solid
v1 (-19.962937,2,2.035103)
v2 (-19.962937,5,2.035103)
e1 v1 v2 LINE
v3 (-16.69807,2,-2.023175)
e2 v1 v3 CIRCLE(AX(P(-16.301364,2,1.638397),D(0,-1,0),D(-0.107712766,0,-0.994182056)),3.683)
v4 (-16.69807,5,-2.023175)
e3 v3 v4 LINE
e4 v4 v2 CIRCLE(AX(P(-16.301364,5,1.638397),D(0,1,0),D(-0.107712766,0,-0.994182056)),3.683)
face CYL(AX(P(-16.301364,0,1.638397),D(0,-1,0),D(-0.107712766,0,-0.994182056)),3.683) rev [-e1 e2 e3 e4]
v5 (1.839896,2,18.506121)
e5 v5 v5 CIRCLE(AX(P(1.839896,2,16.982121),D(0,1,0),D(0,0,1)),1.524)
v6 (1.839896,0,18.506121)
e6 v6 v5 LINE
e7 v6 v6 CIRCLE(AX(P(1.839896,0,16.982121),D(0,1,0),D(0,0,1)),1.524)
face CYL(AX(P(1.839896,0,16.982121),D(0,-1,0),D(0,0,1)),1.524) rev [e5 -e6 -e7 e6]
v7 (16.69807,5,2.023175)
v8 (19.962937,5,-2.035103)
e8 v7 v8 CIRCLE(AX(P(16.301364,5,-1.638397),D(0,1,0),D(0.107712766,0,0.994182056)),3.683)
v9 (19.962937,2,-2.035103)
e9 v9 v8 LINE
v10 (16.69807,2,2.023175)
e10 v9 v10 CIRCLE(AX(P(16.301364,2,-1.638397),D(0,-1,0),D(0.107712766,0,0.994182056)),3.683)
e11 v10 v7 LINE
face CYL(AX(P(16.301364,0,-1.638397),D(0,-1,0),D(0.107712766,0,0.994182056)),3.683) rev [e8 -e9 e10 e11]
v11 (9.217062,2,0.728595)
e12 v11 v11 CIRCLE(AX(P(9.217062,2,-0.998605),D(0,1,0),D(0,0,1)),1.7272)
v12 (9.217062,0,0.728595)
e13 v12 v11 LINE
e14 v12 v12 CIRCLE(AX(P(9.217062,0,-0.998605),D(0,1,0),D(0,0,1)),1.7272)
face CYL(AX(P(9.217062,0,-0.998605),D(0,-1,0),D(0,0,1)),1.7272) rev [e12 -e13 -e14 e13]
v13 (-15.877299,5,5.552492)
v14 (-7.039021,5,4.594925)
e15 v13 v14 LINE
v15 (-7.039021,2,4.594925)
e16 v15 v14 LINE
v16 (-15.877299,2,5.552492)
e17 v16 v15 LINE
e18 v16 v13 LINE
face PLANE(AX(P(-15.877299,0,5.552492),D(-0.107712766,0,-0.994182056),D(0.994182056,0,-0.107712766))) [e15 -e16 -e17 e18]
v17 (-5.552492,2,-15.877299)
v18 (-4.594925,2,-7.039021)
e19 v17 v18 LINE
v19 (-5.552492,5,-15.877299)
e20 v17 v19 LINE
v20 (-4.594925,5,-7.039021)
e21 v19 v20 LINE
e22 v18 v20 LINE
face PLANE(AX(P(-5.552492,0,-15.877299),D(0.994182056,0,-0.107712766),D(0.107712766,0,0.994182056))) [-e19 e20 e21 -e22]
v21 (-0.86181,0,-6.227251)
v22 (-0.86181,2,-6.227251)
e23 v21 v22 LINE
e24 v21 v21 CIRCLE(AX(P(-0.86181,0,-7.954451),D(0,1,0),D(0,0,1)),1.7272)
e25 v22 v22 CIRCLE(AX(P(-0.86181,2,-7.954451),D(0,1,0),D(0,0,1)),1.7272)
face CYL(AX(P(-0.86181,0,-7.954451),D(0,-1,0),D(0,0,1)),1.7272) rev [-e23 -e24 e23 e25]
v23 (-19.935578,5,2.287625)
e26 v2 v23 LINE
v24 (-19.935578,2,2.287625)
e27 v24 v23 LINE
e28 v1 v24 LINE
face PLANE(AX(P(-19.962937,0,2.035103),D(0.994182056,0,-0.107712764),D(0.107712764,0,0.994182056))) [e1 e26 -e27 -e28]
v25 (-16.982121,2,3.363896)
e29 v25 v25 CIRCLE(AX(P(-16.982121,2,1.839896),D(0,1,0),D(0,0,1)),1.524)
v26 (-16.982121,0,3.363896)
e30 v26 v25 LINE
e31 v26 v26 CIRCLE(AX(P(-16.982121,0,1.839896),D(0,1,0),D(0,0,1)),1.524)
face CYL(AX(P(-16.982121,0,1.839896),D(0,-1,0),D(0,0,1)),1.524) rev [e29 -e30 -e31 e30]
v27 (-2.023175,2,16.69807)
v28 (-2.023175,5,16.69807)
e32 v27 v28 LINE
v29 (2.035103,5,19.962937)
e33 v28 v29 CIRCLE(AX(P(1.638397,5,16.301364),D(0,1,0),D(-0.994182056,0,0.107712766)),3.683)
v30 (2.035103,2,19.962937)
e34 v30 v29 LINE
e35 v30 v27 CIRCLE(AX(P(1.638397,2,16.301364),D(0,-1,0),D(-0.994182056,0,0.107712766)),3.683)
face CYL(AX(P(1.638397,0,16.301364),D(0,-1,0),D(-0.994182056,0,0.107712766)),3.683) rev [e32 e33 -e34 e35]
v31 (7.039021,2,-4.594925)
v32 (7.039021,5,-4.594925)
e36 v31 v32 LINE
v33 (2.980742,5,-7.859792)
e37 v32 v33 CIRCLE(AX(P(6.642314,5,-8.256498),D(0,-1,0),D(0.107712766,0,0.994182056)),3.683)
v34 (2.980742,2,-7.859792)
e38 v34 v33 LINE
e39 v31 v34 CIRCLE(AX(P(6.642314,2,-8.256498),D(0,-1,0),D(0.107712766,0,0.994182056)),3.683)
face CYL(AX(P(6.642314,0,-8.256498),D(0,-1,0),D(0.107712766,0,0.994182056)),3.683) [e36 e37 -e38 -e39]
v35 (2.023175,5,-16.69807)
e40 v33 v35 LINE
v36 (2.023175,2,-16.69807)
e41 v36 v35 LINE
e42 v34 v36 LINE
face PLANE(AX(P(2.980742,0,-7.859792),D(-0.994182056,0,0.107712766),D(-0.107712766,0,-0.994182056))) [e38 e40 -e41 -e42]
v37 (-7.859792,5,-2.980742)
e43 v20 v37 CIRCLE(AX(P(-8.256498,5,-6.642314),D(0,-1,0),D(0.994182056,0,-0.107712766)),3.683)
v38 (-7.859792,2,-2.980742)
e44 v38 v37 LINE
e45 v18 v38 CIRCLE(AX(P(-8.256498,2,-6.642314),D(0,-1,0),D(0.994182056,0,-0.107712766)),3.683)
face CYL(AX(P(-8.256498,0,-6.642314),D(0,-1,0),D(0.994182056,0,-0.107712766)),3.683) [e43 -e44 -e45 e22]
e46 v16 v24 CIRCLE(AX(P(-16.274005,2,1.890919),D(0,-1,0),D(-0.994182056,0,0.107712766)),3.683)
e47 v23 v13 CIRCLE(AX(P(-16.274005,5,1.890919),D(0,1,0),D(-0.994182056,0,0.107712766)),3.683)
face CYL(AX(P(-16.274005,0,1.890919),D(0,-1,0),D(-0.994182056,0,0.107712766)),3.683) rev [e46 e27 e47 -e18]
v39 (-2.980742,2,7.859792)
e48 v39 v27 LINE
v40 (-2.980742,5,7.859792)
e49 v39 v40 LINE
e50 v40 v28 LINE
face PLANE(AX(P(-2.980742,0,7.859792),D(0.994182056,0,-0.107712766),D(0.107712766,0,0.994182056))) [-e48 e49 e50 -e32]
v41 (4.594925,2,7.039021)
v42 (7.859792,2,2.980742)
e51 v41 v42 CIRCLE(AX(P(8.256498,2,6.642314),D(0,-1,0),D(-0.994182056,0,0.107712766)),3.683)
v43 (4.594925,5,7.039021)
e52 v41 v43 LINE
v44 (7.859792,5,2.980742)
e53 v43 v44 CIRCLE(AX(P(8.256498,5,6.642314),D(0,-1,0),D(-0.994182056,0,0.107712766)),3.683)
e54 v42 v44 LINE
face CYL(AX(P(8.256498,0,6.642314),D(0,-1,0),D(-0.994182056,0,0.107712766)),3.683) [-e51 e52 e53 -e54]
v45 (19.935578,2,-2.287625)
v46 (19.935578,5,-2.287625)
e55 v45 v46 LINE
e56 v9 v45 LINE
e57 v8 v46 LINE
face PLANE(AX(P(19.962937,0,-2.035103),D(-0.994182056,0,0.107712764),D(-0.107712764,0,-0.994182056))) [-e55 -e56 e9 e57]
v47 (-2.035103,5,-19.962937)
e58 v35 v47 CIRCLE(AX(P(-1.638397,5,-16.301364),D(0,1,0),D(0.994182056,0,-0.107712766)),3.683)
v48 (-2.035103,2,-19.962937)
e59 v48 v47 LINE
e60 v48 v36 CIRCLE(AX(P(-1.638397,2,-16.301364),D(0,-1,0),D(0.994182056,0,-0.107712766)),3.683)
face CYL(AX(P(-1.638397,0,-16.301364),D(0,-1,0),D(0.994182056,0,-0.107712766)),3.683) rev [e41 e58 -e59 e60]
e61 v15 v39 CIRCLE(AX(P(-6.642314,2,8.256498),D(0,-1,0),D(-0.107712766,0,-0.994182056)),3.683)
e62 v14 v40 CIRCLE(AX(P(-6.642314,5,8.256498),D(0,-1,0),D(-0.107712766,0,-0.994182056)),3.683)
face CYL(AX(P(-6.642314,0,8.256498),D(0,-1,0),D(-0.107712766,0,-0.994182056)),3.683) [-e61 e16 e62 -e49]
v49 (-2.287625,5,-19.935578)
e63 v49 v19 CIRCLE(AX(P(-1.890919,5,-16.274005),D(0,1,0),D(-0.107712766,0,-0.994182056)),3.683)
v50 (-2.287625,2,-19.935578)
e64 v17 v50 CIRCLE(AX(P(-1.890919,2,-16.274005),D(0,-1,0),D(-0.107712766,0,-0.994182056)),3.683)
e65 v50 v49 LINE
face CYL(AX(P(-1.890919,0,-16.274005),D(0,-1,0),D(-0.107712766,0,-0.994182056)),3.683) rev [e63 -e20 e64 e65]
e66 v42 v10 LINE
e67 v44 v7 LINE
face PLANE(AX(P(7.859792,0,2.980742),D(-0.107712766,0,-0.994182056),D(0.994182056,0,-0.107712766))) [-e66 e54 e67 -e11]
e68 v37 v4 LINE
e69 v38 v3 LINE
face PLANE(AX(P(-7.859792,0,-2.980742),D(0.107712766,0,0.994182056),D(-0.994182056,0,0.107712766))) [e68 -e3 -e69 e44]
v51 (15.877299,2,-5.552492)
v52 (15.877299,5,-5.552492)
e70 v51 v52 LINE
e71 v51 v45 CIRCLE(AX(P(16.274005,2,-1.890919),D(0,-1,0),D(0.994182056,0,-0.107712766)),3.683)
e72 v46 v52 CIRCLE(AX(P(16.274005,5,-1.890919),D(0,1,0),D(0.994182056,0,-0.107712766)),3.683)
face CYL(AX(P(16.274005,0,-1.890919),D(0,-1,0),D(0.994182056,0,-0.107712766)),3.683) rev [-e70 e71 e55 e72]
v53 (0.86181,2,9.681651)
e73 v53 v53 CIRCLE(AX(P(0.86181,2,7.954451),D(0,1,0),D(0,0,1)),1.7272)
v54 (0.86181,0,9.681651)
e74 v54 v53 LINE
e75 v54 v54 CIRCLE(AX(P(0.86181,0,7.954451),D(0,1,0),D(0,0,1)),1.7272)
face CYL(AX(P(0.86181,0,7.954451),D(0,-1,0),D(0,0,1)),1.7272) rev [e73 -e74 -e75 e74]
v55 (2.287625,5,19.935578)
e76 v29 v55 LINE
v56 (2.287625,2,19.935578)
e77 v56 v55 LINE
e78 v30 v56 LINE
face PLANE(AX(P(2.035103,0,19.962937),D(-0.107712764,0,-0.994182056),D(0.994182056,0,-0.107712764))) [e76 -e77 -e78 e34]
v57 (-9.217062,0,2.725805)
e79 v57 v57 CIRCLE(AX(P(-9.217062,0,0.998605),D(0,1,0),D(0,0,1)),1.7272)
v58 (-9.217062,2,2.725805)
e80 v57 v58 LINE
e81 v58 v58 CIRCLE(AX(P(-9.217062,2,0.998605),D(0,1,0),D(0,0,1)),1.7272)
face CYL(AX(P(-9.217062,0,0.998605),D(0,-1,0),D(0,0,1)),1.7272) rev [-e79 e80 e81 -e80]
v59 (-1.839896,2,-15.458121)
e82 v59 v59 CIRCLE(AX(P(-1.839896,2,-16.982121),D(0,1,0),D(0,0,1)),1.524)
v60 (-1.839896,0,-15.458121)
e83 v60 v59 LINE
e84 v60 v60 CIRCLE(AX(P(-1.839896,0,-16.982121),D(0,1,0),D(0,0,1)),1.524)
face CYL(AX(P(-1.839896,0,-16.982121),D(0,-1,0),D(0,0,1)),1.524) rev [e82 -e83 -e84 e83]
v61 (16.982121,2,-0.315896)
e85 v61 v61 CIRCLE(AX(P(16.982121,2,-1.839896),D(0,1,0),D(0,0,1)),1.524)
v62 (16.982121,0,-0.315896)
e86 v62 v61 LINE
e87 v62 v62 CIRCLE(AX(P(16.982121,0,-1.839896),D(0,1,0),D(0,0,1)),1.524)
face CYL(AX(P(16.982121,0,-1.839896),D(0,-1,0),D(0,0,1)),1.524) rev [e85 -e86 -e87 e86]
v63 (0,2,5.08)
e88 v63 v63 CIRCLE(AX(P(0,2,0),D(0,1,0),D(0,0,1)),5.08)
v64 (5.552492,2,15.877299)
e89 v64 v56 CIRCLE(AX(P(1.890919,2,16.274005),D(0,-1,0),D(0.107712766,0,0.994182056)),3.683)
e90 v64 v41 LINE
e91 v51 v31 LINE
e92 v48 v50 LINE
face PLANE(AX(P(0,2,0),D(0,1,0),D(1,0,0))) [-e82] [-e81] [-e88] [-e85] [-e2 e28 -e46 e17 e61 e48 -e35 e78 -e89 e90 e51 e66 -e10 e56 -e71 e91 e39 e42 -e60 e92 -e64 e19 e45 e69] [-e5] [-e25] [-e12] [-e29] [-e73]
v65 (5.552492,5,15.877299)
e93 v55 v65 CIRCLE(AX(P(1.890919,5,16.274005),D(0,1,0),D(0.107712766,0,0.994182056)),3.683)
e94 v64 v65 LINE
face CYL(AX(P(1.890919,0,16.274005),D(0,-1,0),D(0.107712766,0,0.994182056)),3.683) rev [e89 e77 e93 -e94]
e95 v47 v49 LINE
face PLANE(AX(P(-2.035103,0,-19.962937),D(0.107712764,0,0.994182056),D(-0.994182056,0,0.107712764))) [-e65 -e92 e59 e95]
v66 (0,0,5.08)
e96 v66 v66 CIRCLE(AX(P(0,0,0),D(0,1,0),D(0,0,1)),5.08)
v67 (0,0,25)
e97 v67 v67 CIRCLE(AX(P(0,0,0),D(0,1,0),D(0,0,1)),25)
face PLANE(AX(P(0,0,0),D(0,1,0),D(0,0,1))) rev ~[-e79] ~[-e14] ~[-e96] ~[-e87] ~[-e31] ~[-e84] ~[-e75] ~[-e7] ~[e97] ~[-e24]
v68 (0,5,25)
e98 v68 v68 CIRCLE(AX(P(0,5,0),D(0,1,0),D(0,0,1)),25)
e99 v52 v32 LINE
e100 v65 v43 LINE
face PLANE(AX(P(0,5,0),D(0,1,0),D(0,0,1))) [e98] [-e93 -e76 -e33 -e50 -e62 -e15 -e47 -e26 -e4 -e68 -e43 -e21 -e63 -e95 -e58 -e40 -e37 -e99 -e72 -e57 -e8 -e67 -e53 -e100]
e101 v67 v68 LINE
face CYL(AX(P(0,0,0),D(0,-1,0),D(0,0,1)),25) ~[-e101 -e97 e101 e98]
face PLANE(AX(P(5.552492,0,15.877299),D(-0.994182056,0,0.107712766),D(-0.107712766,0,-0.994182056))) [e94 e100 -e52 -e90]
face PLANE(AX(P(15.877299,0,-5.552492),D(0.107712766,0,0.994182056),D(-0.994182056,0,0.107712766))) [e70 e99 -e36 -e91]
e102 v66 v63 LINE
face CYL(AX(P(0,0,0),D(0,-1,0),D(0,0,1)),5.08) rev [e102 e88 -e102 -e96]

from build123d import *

# Parameters (mm, degrees)
SKETCH_1_R      = 25
EXTRUDE_1_DEPTH = 5
SKETCH_3_R      = 22.5
SKETCH_3_R_2    = 1.524
SKETCH_3_R_3    = 1.7272
SKETCH_3_R_4    = 5.08
EXTRUDE_2_DEPTH = 2


with BuildPart() as part:
    # 草圖1 → 填料-伸長1 (new body)
    with BuildSketch(Plane(origin=(0, 0, 0), x_dir=(1, 0, 0), z_dir=(0, 1, 0))):
        with Locations(Location((0, 0, 0), (0, 0, 270))):
            Circle(SKETCH_1_R)
        with BuildLine():
            Line((-19.962936653, -2.035103236), (-19.935577611, -2.287625478))
            ThreePointArc((-19.935577611, -2.287625478), (-18.582614267, -4.760555699), (-15.877298983, -5.552491873))
            Line((-15.877298983, -5.552491873), (-7.039020507, -4.594925386))
            ThreePointArc((-7.039020507, -4.594925386), (-4.333705223, -5.38686156), (-2.980741879, -7.859791782))
            Line((-2.980741879, -7.859791782), (-2.023175392, -16.698070258))
            ThreePointArc((-2.023175392, -16.698070258), (-0.670212048, -19.171000479), (2.035103236, -19.962936653))
            Line((2.035103236, -19.962936653), (2.287625478, -19.935577611))
            ThreePointArc((2.287625478, -19.935577611), (4.760555699, -18.582614267), (5.552491873, -15.877298983))
            Line((5.552491873, -15.877298983), (4.594925386, -7.039020507))
            ThreePointArc((4.594925386, -7.039020507), (5.38686156, -4.333705223), (7.859791782, -2.980741879))
            Line((7.859791782, -2.980741879), (16.698070258, -2.023175392))
            ThreePointArc((16.698070258, -2.023175392), (19.171000479, -0.670212048), (19.962936653, 2.035103236))
            Line((19.962936653, 2.035103236), (19.935577611, 2.287625478))
            ThreePointArc((19.935577611, 2.287625478), (18.582614267, 4.760555699), (15.877298983, 5.552491873))
            Line((15.877298983, 5.552491873), (7.039020507, 4.594925386))
            ThreePointArc((7.039020507, 4.594925386), (4.333705223, 5.38686156), (2.980741879, 7.859791782))
            Line((2.980741879, 7.859791782), (2.023175392, 16.698070258))
            ThreePointArc((2.023175392, 16.698070258), (0.670212048, 19.171000479), (-2.035103236, 19.962936653))
            Line((-2.035103236, 19.962936653), (-2.287625478, 19.935577611))
            ThreePointArc((-2.287625478, 19.935577611), (-4.760555699, 18.582614267), (-5.552491873, 15.877298983))
            Line((-5.552491873, 15.877298983), (-4.594925386, 7.039020507))
            ThreePointArc((-4.594925386, 7.039020507), (-5.38686156, 4.333705223), (-7.859791782, 2.980741879))
            Line((-7.859791782, 2.980741879), (-16.698070258, 2.023175392))
            ThreePointArc((-16.698070258, 2.023175392), (-19.171000479, 0.670212048), (-19.962936653, -2.035103236))
        make_face(mode=Mode.SUBTRACT)
    extrude(amount=EXTRUDE_1_DEPTH)

    # 草圖3 → 填料-伸長2 (add)
    with BuildSketch(Plane(origin=(0, 0, 0), x_dir=(1, 0, 0), z_dir=(0, 1, 0))):
        Circle(SKETCH_3_R)
        with Locations(Location((16.982120786, 1.839895607, 0), (0, 0, 270))):
            Circle(SKETCH_3_R_2, mode=Mode.SUBTRACT)
        with Locations(Location((9.217061839, 0.998605051, 0), (0, 0, 270))):
            Circle(SKETCH_3_R_3, mode=Mode.SUBTRACT)
        with Locations(Location((1.839895607, -16.982120786, 0), (0, 0, 270))):
            Circle(SKETCH_3_R_2, mode=Mode.SUBTRACT)
        with Locations(Location((0.861809838, -7.954450629, 0), (0, 0, 270))):
            Circle(SKETCH_3_R_3, mode=Mode.SUBTRACT)
        with Locations(Location((0, 0, 0), (0, 0, 270))):
            Circle(SKETCH_3_R_4, mode=Mode.SUBTRACT)
        with Locations(Location((-16.982120786, -1.839895607, 0), (0, 0, 270))):
            Circle(SKETCH_3_R_2, mode=Mode.SUBTRACT)
        with Locations(Location((-9.217061839, -0.998605051, 0), (0, 0, 270))):
            Circle(SKETCH_3_R_3, mode=Mode.SUBTRACT)
        with Locations(Location((-1.839895607, 16.982120786, 0), (0, 0, 270))):
            Circle(SKETCH_3_R_2, mode=Mode.SUBTRACT)
        with Locations(Location((-0.861809838, 7.954450629, 0), (0, 0, 270))):
            Circle(SKETCH_3_R_3, mode=Mode.SUBTRACT)
    extrude(amount=EXTRUDE_2_DEPTH)


solid = part.part
